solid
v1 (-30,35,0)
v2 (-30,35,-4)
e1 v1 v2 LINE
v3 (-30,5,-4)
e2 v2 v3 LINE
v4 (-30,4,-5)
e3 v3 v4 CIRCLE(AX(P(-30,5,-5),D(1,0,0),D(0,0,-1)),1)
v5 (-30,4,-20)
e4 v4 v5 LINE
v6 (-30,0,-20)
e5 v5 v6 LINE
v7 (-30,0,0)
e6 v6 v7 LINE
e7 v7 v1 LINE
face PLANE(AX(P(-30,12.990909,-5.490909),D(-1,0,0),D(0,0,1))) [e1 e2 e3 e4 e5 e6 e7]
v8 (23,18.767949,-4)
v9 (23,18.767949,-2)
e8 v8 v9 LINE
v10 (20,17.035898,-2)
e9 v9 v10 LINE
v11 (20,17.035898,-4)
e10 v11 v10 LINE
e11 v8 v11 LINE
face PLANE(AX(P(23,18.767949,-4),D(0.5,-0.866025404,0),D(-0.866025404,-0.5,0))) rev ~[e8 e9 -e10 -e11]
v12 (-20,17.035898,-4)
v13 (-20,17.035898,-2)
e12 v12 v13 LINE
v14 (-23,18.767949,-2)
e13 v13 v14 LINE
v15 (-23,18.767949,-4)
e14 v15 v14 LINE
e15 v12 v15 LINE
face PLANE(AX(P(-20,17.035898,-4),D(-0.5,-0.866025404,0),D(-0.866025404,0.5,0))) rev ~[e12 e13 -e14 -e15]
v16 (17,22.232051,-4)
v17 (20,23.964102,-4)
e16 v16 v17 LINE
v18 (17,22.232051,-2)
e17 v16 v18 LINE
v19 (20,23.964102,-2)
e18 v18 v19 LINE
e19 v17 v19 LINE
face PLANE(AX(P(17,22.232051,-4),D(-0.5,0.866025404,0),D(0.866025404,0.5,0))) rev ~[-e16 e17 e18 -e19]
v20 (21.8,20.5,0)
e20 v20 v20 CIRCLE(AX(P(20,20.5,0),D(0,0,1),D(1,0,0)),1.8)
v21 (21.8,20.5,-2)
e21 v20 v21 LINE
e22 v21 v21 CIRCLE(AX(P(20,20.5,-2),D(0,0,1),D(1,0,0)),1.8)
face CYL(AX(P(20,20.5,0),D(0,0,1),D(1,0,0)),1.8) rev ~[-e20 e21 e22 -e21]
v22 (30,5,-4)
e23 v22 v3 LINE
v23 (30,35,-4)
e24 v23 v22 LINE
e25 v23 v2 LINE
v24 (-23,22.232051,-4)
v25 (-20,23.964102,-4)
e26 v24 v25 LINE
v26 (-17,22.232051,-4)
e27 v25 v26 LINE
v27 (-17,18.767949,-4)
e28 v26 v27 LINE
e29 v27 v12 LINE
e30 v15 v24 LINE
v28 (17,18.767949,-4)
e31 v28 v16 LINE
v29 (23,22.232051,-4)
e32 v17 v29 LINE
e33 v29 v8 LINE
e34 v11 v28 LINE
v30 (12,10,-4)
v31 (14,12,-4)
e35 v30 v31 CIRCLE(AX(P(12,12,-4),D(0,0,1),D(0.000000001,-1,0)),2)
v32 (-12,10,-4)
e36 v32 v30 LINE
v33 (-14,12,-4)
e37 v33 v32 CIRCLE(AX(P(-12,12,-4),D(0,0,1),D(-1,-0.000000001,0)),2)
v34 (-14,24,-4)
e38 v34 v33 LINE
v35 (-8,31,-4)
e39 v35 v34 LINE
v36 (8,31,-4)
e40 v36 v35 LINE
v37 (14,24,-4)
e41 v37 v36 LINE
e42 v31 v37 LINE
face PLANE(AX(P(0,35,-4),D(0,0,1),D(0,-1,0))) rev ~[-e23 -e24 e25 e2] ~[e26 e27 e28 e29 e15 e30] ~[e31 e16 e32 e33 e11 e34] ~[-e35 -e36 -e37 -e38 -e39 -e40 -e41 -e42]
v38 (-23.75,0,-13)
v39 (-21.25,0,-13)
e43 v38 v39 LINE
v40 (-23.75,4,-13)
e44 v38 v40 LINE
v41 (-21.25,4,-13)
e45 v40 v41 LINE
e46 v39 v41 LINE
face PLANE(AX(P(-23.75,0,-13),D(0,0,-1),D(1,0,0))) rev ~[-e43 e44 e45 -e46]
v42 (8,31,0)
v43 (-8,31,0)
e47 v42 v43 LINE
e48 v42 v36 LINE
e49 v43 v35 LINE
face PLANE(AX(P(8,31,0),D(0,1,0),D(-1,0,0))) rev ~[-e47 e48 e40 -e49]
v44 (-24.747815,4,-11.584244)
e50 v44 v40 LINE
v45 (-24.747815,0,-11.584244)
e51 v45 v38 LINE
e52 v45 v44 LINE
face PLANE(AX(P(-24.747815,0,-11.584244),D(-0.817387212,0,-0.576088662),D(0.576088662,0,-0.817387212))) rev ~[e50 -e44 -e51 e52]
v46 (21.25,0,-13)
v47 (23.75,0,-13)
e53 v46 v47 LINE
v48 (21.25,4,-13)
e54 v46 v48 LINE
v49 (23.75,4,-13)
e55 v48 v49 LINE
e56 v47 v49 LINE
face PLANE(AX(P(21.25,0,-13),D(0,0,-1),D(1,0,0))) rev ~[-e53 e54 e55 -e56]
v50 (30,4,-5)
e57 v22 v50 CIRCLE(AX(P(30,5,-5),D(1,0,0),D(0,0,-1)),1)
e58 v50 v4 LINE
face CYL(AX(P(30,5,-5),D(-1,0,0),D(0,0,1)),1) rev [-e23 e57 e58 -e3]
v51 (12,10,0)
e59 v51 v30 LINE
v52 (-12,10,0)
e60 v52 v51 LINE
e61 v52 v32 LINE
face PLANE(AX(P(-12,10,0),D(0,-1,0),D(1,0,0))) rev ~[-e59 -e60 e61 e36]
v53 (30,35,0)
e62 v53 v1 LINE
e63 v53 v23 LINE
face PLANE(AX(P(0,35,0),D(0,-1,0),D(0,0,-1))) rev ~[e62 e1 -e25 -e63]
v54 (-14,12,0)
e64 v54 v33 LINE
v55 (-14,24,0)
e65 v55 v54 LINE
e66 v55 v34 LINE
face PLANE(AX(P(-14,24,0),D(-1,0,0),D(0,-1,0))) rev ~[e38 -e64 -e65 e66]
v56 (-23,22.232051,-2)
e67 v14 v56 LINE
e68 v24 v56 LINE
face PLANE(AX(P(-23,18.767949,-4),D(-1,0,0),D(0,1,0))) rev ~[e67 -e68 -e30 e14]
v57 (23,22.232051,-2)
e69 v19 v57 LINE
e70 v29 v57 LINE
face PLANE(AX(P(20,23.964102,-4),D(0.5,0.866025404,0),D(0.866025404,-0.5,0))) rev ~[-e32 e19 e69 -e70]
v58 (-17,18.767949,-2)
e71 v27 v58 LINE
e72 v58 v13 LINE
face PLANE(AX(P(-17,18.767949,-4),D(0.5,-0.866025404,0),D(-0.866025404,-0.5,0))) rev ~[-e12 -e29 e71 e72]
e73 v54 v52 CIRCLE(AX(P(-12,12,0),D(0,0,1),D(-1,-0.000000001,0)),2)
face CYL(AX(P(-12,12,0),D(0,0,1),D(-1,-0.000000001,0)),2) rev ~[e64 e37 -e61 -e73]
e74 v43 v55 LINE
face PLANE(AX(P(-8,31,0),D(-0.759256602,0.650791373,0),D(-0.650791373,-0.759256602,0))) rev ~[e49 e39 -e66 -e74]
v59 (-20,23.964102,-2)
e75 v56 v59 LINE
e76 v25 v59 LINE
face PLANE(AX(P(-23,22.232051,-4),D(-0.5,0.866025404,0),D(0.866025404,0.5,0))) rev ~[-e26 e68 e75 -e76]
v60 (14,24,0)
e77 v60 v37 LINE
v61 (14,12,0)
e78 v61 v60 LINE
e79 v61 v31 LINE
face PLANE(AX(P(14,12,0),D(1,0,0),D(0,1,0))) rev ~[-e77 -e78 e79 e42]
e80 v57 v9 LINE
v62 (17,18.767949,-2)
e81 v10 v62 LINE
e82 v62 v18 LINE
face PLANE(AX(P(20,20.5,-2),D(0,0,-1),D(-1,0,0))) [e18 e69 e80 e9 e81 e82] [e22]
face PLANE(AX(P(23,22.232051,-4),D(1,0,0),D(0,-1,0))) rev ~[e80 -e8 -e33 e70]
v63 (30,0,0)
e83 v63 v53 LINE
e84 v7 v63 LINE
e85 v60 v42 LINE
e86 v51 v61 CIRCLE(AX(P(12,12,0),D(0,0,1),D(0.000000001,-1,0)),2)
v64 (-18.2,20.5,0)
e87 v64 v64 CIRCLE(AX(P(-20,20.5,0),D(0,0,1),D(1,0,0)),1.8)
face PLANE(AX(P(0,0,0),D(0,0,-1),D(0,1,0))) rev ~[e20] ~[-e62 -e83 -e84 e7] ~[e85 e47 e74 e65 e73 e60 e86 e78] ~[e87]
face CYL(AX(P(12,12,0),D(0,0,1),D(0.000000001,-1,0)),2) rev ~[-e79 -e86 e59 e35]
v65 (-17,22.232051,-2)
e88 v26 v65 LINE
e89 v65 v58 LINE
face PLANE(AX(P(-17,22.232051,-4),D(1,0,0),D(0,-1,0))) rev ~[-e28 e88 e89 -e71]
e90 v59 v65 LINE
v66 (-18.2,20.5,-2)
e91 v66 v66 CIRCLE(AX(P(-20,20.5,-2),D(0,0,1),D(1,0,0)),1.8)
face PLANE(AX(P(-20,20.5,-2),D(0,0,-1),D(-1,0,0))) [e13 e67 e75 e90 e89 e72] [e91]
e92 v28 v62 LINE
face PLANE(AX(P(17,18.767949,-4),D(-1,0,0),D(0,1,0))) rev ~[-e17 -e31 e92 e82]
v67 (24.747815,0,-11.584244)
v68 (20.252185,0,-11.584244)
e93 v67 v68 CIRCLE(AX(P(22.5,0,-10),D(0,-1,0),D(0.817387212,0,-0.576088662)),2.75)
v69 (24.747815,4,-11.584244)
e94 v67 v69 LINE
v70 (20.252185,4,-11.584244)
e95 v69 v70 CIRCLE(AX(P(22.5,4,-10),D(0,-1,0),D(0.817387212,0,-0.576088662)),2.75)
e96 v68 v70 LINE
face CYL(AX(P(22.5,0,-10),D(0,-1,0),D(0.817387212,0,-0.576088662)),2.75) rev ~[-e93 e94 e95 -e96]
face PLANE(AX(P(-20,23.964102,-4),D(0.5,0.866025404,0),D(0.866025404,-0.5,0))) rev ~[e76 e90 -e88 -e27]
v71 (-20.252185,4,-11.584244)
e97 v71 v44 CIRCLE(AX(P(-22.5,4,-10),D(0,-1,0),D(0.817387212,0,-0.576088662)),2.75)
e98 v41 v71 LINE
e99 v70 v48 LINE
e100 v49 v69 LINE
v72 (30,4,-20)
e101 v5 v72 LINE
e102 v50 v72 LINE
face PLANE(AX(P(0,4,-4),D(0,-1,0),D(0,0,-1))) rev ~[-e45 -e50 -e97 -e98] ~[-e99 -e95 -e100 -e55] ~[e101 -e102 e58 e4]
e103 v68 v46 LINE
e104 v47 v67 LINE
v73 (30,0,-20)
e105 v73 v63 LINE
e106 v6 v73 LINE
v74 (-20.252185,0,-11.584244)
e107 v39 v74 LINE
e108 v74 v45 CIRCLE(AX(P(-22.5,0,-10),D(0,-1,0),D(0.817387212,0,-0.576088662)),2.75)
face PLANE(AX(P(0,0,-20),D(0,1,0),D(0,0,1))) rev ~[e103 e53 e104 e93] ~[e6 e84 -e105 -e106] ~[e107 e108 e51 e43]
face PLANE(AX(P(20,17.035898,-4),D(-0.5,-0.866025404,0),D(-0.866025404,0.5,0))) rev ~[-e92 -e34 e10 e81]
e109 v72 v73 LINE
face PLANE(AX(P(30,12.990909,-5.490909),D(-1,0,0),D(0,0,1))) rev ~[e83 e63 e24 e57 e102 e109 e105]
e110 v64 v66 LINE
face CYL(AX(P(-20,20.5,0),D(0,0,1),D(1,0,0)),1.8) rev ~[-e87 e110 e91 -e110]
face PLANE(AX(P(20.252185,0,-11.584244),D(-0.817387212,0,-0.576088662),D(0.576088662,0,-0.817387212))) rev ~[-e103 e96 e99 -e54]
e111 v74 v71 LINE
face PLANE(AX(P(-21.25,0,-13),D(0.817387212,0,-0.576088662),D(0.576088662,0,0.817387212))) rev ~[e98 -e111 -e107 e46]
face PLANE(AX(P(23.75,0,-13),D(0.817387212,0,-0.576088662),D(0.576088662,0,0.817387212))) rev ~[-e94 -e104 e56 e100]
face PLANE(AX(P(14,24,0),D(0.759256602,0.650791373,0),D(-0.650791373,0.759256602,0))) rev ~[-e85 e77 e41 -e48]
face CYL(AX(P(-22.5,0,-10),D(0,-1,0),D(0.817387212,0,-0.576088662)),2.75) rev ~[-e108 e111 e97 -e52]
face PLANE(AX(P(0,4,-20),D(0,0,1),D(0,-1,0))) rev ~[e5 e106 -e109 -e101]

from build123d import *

# Parameters (mm, degrees)
SALIENTE_EXTRUIR1_DEPTH = 30
CROQUIS2_R              = 1.8
CORTAR_EXTRUIR1_DEPTH   = 21
CORTAR_EXTRUIR2_DEPTH   = 36
REDONDEO1_R             = 1
CORTAR_EXTRUIR3_DEPTH   = 2


with BuildPart() as part:
    # Croquis1 → Saliente-Extruir1 (new body, symmetric)
    with BuildSketch(Plane(origin=(0, 0, 0), x_dir=(0, 0, -1), z_dir=(1, 0, 0))):
        Polygon((0, 0), (0, 35), (4, 35), (4, 4), (20, 4), (20, 0), align=None)
    extrude(amount=SALIENTE_EXTRUIR1_DEPTH, both=True)

    # Croquis2 → Cortar-Extruir1 (cut, through all)
    with BuildSketch(Plane.XY):
        with Locations((-20, 20.5)):
            Circle(CROQUIS2_R)
        with Locations((20, 20.5)):
            Circle(CROQUIS2_R)
        with BuildLine():
            Line((-12, 10), (12, 10))
            ThreePointArc((12, 10), (13.414213562, 10.585786438), (14, 12))
            Line((14, 12), (14, 24))
            Line((14, 24), (8, 31))
            Line((8, 31), (-8, 31))
            Line((-8, 31), (-14, 24))
            Line((-14, 24), (-14, 12))
            ThreePointArc((-14, 12), (-13.414213562, 10.585786438), (-12, 10))
        make_face()
    extrude(amount=-CORTAR_EXTRUIR1_DEPTH, mode=Mode.SUBTRACT)

    # Croquis3 → Cortar-Extruir2 (cut, through all)
    with BuildSketch(Plane.XZ):
        with BuildLine():
            Line((-24.747814832, -11.58424382), (-23.75, -13))
            Line((-23.75, -13), (-21.25, -13))
            Line((-21.25, -13), (-20.252185168, -11.58424382))
            ThreePointArc((-20.252185168, -11.58424382), (-22.5, -7.25), (-24.747814832, -11.58424382))
        make_face()
        with BuildLine():
            Line((20.252185168, -11.58424382), (21.25, -13))
            Line((21.25, -13), (23.75, -13))
            Line((23.75, -13), (24.747814832, -11.58424382))
            ThreePointArc((24.747814832, -11.58424382), (22.5, -7.25), (20.252185168, -11.58424382))
        make_face()
    extrude(amount=-CORTAR_EXTRUIR2_DEPTH, mode=Mode.SUBTRACT)

    # Redondeo1
    redondeo1_edges = [part.edges().sort_by_distance(p)[0] for p in [
        (0, 4, -4),
    ]]
    fillet(redondeo1_edges, radius=REDONDEO1_R)

    # Croquis4 → Cortar-Extruir3 (cut)
    with BuildSketch(Plane(origin=(0, 0, -4), x_dir=(-1, 0, 0), z_dir=(0, 0, -1))):
        Polygon((-17, 18.767949192), (-17, 22.232050808), (-20, 23.964101615), (-23, 22.232050808), (-23, 18.767949192), (-20, 17.035898385), align=None)
        Polygon((17, 18.767949192), (20, 17.035898385), (23, 18.767949192), (23, 22.232050808), (20, 23.964101615), (17, 22.232050808), align=None)
    extrude(amount=-CORTAR_EXTRUIR3_DEPTH, mode=Mode.SUBTRACT)


solid = part.part
